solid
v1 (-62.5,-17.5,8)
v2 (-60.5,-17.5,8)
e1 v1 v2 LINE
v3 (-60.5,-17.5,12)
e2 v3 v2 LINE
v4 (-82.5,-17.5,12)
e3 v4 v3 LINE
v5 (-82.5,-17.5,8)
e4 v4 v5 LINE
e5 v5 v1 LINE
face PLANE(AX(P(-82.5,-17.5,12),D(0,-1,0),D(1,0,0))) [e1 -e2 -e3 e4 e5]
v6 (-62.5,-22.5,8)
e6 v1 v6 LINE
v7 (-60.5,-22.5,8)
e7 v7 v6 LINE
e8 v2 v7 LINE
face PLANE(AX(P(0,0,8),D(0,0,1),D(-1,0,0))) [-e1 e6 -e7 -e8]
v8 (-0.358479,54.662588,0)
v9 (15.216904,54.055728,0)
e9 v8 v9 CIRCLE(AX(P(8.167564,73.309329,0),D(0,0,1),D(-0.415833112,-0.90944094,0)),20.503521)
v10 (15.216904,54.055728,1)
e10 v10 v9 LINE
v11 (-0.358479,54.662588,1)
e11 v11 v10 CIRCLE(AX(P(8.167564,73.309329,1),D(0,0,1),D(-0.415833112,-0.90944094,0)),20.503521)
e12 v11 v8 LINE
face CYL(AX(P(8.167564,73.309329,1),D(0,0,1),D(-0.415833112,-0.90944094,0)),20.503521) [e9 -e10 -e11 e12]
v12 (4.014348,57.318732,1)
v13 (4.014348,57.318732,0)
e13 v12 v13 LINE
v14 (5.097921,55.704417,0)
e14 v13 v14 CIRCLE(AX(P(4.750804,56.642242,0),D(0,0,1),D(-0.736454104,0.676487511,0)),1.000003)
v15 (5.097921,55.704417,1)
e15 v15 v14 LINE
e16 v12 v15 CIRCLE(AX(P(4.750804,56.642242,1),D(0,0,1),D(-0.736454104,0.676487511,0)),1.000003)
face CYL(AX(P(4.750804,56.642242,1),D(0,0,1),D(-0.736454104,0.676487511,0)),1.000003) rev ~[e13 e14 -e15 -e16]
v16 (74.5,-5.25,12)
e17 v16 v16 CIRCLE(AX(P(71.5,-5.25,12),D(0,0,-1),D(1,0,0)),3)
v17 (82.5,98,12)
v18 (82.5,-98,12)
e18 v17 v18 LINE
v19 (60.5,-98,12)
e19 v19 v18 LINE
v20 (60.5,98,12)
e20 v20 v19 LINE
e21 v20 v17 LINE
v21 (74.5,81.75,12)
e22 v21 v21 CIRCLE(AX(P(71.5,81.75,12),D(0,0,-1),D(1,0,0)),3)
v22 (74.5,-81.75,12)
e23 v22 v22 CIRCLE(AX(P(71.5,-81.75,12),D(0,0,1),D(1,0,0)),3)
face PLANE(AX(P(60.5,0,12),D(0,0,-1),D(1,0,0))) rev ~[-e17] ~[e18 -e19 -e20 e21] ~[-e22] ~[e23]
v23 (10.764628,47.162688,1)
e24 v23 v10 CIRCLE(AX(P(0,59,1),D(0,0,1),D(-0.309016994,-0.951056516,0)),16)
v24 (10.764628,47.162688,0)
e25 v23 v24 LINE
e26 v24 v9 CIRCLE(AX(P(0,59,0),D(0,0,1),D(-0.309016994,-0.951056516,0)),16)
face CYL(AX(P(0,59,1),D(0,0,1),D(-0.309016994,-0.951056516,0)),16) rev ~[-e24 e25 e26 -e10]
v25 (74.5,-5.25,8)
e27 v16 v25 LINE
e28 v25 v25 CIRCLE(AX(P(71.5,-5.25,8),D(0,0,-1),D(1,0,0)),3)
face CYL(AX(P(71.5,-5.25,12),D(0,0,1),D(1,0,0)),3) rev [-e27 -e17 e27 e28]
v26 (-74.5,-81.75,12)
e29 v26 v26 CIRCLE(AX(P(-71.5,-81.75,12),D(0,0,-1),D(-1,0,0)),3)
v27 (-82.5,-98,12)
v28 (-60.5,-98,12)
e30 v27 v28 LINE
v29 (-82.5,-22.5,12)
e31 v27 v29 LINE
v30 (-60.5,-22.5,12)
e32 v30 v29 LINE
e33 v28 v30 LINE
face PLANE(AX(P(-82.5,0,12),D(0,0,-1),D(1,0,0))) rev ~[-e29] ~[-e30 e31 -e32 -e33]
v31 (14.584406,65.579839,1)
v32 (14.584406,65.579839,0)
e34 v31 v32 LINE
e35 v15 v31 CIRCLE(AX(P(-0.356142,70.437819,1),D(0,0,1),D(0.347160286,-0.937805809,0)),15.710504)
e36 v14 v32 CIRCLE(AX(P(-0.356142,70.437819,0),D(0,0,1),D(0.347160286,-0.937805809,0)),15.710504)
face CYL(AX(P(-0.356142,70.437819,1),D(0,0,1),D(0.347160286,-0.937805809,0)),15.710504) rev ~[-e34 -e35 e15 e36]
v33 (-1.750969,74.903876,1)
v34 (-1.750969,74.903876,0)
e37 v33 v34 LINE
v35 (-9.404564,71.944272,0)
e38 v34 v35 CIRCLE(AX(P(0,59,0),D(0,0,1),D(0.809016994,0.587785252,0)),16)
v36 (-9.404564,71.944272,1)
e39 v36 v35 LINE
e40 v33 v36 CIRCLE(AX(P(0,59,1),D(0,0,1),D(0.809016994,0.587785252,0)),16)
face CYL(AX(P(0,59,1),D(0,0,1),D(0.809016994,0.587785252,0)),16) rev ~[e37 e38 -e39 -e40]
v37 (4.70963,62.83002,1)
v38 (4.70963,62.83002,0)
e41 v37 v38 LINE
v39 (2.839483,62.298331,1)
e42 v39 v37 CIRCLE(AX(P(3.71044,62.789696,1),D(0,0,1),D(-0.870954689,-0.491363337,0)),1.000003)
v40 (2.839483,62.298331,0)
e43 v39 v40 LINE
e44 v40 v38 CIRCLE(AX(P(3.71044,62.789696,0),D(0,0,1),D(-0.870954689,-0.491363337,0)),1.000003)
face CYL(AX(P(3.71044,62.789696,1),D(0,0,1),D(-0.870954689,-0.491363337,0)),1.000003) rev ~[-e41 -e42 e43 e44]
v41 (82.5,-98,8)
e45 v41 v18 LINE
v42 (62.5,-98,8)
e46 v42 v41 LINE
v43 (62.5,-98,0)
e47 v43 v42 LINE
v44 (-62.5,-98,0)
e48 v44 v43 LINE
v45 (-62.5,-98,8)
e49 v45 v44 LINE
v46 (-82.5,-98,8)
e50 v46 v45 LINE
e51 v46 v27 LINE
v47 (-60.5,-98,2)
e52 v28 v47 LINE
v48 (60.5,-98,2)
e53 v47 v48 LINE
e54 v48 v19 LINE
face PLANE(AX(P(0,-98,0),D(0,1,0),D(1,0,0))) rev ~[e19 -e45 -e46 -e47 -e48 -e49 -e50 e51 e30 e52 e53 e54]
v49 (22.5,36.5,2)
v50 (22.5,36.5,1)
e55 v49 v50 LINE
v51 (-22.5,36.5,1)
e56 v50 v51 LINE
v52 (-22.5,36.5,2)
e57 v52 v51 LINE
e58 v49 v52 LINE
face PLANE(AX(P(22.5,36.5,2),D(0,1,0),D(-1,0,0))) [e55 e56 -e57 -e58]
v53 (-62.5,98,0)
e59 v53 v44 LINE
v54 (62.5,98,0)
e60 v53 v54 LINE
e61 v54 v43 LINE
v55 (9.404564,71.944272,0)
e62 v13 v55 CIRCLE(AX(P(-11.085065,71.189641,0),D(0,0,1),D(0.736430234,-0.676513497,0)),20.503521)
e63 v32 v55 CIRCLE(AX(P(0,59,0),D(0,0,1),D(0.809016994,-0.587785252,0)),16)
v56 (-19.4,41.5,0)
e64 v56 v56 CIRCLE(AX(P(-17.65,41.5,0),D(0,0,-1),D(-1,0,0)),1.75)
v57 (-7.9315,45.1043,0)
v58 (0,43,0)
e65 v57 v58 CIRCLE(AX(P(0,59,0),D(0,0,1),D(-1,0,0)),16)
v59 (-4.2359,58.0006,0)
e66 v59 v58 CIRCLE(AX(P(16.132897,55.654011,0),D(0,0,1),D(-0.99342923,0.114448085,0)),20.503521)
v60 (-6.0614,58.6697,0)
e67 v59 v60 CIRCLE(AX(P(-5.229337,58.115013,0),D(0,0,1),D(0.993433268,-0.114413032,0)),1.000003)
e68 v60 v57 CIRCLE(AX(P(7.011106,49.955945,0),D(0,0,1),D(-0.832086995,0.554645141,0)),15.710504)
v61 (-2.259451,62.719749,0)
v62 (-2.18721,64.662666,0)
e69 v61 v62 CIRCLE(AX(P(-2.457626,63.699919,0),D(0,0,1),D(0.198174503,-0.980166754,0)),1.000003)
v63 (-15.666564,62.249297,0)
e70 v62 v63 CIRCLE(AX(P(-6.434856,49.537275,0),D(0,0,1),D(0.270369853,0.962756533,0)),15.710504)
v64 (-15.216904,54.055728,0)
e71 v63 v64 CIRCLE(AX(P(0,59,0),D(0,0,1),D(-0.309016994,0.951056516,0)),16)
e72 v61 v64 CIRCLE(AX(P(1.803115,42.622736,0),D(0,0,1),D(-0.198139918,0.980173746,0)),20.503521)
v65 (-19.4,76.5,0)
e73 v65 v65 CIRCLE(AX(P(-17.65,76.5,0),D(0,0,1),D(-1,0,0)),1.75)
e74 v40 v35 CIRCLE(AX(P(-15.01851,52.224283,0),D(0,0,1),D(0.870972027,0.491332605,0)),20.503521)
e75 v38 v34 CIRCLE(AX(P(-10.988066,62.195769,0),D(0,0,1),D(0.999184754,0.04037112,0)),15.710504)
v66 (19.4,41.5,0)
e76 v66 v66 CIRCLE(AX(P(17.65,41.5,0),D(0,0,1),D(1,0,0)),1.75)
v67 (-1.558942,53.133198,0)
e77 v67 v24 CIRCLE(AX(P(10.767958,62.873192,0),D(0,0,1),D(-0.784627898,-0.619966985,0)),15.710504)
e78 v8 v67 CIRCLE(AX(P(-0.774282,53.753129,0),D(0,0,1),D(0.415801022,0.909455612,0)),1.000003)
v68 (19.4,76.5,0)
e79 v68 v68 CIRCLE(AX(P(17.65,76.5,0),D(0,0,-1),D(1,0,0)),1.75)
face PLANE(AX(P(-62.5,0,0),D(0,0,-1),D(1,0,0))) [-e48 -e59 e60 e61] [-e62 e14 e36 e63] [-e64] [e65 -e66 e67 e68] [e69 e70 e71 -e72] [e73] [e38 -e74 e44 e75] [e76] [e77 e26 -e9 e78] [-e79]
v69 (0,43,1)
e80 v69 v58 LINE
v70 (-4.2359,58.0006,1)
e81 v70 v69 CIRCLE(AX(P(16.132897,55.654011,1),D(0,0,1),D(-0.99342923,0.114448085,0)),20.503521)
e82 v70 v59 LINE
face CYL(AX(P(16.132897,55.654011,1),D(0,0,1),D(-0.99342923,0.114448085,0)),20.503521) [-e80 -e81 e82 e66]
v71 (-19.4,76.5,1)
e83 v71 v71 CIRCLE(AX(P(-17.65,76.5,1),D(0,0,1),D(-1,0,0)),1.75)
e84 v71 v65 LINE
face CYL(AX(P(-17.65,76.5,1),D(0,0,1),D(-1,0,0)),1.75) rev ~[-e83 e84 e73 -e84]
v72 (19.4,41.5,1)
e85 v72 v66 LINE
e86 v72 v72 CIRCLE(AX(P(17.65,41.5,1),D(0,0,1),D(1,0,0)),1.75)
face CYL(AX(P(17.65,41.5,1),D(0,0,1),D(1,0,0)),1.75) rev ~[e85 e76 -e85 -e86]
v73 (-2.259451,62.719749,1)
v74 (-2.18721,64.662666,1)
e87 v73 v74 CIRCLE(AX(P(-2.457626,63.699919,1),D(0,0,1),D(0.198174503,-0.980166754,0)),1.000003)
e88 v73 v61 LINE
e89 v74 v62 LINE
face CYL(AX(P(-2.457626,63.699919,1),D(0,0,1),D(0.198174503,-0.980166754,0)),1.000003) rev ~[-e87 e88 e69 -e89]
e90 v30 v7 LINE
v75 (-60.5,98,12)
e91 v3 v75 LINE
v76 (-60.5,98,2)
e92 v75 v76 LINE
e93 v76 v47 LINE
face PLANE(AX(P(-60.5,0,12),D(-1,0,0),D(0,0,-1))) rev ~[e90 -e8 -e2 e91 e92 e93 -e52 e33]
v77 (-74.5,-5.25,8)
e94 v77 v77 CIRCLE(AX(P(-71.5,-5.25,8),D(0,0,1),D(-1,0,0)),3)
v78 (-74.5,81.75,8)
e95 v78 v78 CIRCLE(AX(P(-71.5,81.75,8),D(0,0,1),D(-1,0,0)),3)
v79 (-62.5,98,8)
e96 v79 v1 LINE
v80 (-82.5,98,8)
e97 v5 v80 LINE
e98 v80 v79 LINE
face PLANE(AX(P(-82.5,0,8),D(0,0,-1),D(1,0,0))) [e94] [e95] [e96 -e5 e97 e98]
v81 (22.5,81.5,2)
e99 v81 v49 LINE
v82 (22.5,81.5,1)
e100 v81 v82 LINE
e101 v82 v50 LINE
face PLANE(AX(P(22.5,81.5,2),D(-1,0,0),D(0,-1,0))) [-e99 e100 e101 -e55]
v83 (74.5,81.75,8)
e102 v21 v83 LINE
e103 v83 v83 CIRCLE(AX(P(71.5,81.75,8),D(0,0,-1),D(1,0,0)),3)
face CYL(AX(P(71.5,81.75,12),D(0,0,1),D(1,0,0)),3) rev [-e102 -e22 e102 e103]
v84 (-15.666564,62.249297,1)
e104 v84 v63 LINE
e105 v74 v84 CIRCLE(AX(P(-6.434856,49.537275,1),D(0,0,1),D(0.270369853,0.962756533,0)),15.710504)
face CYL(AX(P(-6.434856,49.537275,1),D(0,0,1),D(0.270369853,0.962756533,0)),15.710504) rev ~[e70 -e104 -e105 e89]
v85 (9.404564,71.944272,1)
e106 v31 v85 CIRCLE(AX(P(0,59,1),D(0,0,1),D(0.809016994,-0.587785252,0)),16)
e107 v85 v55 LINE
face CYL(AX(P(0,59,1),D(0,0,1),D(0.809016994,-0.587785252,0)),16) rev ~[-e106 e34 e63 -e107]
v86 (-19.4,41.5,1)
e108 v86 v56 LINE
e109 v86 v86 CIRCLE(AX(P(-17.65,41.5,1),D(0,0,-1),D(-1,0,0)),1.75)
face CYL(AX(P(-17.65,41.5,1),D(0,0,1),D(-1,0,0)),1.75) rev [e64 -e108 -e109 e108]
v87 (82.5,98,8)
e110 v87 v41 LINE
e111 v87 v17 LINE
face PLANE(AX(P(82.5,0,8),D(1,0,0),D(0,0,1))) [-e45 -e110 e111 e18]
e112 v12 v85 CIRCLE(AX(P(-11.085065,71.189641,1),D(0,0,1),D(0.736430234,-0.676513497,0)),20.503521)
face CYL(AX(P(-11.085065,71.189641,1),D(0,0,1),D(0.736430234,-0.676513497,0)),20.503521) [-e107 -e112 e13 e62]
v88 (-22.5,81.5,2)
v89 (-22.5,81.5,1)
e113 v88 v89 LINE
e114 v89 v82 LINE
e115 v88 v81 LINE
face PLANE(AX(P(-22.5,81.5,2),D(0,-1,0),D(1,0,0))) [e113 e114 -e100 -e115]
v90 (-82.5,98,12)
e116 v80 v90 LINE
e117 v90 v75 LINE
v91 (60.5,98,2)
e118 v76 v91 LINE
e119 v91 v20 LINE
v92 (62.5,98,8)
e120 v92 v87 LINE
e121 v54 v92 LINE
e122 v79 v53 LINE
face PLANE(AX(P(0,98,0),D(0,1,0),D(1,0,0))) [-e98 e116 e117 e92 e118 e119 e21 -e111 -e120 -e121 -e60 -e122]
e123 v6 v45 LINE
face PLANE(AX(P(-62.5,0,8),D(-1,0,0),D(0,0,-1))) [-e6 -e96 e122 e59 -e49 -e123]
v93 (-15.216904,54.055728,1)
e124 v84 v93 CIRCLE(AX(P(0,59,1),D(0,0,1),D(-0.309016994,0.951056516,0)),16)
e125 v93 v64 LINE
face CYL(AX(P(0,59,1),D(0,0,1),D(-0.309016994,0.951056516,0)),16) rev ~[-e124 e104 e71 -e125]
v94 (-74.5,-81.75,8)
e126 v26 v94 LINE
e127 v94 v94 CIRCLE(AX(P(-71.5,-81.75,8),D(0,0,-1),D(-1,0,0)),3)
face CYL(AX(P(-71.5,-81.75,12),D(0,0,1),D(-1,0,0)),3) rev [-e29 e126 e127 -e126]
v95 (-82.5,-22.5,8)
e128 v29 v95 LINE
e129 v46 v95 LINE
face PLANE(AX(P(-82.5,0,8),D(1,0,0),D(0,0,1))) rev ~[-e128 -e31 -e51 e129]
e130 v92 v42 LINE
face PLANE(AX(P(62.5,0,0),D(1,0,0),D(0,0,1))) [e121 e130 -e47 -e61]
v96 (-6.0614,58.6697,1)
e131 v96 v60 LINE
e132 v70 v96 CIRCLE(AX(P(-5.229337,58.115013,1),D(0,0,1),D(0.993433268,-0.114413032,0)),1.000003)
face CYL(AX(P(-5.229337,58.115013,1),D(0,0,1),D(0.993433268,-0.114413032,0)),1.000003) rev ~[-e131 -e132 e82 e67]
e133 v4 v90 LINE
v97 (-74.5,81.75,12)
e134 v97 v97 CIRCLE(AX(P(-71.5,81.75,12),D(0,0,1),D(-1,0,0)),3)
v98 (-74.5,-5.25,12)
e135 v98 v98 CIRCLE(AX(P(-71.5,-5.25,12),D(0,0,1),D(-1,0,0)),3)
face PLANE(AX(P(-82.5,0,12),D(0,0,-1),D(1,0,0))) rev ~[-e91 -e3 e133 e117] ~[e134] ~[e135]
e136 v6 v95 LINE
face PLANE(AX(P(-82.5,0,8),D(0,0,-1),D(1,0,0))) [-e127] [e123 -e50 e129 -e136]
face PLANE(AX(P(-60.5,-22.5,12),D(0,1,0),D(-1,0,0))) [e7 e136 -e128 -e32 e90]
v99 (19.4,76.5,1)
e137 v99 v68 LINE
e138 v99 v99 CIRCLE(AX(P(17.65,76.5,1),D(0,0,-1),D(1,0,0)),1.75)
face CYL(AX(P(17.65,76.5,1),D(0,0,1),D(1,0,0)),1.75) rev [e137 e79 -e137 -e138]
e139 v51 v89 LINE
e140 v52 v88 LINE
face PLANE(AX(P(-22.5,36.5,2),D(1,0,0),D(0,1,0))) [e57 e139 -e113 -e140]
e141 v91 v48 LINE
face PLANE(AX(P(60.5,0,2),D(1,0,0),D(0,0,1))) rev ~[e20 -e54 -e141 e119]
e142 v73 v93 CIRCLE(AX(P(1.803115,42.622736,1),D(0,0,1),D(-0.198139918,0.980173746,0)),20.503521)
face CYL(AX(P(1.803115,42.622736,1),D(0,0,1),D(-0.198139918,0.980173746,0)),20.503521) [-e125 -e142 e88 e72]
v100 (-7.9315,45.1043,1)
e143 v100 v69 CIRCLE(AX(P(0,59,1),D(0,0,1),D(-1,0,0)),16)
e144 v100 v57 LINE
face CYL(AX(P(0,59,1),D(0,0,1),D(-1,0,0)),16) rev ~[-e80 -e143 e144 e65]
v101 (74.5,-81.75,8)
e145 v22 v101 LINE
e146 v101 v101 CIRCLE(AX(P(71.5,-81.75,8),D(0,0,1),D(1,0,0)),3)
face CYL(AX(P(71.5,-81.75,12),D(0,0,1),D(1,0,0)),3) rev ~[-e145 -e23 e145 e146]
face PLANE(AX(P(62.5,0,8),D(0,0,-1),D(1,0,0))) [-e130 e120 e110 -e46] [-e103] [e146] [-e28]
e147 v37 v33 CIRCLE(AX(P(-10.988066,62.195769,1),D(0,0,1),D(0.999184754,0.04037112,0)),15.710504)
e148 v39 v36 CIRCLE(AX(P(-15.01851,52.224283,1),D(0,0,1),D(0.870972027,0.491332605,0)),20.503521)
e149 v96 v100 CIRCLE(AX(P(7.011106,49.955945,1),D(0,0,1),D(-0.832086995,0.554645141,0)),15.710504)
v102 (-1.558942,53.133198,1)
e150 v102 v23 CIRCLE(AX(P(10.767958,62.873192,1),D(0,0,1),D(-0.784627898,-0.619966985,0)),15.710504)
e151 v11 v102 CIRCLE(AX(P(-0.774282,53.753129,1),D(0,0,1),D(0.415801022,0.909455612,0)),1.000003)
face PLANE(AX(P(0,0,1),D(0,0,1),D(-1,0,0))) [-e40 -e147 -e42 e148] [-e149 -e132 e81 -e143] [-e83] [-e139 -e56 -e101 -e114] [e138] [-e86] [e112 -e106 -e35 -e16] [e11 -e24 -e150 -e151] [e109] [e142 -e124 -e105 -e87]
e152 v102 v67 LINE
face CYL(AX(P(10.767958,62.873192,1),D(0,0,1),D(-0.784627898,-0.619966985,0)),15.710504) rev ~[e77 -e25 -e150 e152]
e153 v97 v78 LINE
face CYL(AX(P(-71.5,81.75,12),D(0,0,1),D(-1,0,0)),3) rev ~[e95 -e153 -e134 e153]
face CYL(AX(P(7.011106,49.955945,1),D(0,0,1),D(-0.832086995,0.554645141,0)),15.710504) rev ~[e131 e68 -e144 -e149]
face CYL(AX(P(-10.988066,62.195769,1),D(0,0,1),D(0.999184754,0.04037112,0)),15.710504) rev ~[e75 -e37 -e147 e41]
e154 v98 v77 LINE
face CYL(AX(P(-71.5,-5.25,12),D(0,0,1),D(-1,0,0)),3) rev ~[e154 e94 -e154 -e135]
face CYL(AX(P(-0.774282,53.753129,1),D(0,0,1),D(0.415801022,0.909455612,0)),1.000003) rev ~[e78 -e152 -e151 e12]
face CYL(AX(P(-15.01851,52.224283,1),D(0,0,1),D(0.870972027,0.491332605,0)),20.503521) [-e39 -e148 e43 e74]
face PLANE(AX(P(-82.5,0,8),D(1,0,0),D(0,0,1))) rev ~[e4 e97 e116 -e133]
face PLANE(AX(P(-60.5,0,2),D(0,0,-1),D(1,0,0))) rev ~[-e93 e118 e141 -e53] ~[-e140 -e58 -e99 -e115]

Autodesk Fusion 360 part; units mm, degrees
sketch "extrusion" plane through (0, 0, 0) normal (0, 1, 0) x (1, 0, 0)
  line L0 (-82.5, -8) -> (-62.5, -8)
  line L1 (-62.5, -8) -> (-62.5, 0)
  line L2 (-62.5, 0) -> (62.5, 0)
  line L3 (62.5, 0) -> (62.5, -8)
  line L4 (62.5, -8) -> (82.5, -8)
  line L5 (-60.5, -12) -> (-60.5, -2)
  line L6 (-60.5, -2) -> (60.5, -2)
  line L7 (60.5, -2) -> (60.5, -12)
  line L8 (-82.5, -12) -> (-60.5, -12)
  line L9 (60.5, -12) -> (82.5, -12)
  line L10 (-82.5, -8) -> (-82.5, -12)
  line L11 (82.5, -8) -> (82.5, -12)
  dimension "d1" = 125
  dimension "d2" = 8
  dimension "d3" = 20
  dimension "d4" = 8
  dimension "d5" = 20
extrude "Extrude1" add sketch "extrusion" along normal mid plane 196
sketch "top holes" plane through (0, 0, 12) normal (0, 0, 1) x (-1, 0, 0)
  circle A0 centre (71.5, -81.75) radius 3
  line L0 (82.5, -98) -> (60.5, -98)
  dimension "d11" = 6
  dimension "d12" = 16.25
extrude "Extrude2" cut sketch "top holes" against normal blind 4
mirror "Mirror1" about plane through (0, 0, 0) normal (1, 0, 0) of "Extrude2"
mirror "Mirror2" about plane through (0, 0, 0) normal (0, 1, 0) of "Extrude2", "Mirror1"
sketch "square undent" plane through (0, 0, 2) normal (0, 0, 1) x (-1, 0, 0)
  line L0 (22.5, -81.5) -> (-22.5, -81.5)
  line L1 (-22.5, -81.5) -> (-22.5, -36.5)
  line L2 (-22.5, -36.5) -> (22.5, -36.5)
  line L3 (22.5, -36.5) -> (22.5, -81.5)
  line L4 (60.5, -98) -> (-60.5, -98)
  dimension "d17" = 45
  dimension "d18" = 45
  dimension "d19" = 16.5
extrude "Extrude3" cut sketch "square undent" against normal blind 1
sketch "square holes" plane through (0, 0, 1) normal (0, 0, 1) x (-1, 0, 0)
  circle A0 centre (17.65, -76.5) radius 1.75
  line L0 (22.5, -81.5) -> (-22.5, -81.5)
  line L1 (22.5, -36.5) -> (22.5, -81.5)
  line L2 (-22.5, -36.5) -> (22.5, -81.5) construction
  circle A1 centre (0, -59) radius 16
  arc A2 (4.2359, -58.0006) -> (0, -43) centre (-16.1329, -55.654) ccw
  arc A3 (6.0614, -58.6697) -> (7.9315, -45.1043) centre (-7.0111, -49.9559) ccw
  arc A4 (4.2359, -58.0006) -> (6.0614, -58.6697) centre (5.2293, -58.115) ccw
  dimension "d22" = 3.5
  dimension "d23" = 5
  dimension "d24" = 4.85
  dimension "d25" = 32
  dimension "d26" = 1
  dimension "d35" = 5.2293
  dimension "d36" = 7.9315
  dimension "d37" = 15.7105
  dimension "d38" = 20.5035
  dimension "d39" = 0.885
extrude "Extrude4" cut sketch "square holes" against normal blind 1 contours A0
ref_plane "WorkPlane1" through (0, 59, 1.5) normal (0, -1, 0) x (-1, 0, 0)
mirror "Mirror3" about plane through (0, 59, 1.5) normal (0, -1, 0) of "Extrude4"
mirror "Mirror4" about plane through (0, 0, 0) normal (1, 0, 0) of "Extrude4", "Mirror3"
extrude "Extrude5" cut sketch "square holes" against normal blind 1 contours A1 A2 A3 A4 picked at (5.7365, -46.2771)
pattern_circular "C-Pattern1" count 5 over 360 about axis through (0, 59, 1) along (0, 0, -1) of "Extrude5"
sketch "midhole" plane through (0, 0, 12) normal (0, 0, 1) x (-1, 0, 0)
  circle A0 centre (71.5, 5.25) radius 3
  circle A1 centre (71.5, -81.75) radius 3
  dimension "d40" = 81
extrude "Extrude6" cut sketch "midhole" against normal blind 4 contours A0
mirror "Mirror5" about plane through (0, 0, 0) normal (1, 0, 0) of "Extrude6"
sketch "Sketch6" plane through (0, 0, 12) normal (0, 0, 1) x (-1, 0, 0)
  line L0 (60.5, 22.5) -> (82.5, 22.5)
  line L1 (82.5, 22.5) -> (82.5, 17.5)
  line L2 (82.5, 17.5) -> (60.5, 17.5)
  line L3 (60.5, 17.5) -> (60.5, 22.5)
  line L4 (60.5, 98) -> (60.5, -98)
  line L5 (82.5, 98) -> (82.5, -98)
  line L6 (60.5, 98) -> (82.5, 98)
  dimension "d44" = 5
  dimension "d45" = 75.5
extrude "Extrude7" cut sketch "Sketch6" against normal blind 4 contours L0 L1 L2 L3 L4 L5
